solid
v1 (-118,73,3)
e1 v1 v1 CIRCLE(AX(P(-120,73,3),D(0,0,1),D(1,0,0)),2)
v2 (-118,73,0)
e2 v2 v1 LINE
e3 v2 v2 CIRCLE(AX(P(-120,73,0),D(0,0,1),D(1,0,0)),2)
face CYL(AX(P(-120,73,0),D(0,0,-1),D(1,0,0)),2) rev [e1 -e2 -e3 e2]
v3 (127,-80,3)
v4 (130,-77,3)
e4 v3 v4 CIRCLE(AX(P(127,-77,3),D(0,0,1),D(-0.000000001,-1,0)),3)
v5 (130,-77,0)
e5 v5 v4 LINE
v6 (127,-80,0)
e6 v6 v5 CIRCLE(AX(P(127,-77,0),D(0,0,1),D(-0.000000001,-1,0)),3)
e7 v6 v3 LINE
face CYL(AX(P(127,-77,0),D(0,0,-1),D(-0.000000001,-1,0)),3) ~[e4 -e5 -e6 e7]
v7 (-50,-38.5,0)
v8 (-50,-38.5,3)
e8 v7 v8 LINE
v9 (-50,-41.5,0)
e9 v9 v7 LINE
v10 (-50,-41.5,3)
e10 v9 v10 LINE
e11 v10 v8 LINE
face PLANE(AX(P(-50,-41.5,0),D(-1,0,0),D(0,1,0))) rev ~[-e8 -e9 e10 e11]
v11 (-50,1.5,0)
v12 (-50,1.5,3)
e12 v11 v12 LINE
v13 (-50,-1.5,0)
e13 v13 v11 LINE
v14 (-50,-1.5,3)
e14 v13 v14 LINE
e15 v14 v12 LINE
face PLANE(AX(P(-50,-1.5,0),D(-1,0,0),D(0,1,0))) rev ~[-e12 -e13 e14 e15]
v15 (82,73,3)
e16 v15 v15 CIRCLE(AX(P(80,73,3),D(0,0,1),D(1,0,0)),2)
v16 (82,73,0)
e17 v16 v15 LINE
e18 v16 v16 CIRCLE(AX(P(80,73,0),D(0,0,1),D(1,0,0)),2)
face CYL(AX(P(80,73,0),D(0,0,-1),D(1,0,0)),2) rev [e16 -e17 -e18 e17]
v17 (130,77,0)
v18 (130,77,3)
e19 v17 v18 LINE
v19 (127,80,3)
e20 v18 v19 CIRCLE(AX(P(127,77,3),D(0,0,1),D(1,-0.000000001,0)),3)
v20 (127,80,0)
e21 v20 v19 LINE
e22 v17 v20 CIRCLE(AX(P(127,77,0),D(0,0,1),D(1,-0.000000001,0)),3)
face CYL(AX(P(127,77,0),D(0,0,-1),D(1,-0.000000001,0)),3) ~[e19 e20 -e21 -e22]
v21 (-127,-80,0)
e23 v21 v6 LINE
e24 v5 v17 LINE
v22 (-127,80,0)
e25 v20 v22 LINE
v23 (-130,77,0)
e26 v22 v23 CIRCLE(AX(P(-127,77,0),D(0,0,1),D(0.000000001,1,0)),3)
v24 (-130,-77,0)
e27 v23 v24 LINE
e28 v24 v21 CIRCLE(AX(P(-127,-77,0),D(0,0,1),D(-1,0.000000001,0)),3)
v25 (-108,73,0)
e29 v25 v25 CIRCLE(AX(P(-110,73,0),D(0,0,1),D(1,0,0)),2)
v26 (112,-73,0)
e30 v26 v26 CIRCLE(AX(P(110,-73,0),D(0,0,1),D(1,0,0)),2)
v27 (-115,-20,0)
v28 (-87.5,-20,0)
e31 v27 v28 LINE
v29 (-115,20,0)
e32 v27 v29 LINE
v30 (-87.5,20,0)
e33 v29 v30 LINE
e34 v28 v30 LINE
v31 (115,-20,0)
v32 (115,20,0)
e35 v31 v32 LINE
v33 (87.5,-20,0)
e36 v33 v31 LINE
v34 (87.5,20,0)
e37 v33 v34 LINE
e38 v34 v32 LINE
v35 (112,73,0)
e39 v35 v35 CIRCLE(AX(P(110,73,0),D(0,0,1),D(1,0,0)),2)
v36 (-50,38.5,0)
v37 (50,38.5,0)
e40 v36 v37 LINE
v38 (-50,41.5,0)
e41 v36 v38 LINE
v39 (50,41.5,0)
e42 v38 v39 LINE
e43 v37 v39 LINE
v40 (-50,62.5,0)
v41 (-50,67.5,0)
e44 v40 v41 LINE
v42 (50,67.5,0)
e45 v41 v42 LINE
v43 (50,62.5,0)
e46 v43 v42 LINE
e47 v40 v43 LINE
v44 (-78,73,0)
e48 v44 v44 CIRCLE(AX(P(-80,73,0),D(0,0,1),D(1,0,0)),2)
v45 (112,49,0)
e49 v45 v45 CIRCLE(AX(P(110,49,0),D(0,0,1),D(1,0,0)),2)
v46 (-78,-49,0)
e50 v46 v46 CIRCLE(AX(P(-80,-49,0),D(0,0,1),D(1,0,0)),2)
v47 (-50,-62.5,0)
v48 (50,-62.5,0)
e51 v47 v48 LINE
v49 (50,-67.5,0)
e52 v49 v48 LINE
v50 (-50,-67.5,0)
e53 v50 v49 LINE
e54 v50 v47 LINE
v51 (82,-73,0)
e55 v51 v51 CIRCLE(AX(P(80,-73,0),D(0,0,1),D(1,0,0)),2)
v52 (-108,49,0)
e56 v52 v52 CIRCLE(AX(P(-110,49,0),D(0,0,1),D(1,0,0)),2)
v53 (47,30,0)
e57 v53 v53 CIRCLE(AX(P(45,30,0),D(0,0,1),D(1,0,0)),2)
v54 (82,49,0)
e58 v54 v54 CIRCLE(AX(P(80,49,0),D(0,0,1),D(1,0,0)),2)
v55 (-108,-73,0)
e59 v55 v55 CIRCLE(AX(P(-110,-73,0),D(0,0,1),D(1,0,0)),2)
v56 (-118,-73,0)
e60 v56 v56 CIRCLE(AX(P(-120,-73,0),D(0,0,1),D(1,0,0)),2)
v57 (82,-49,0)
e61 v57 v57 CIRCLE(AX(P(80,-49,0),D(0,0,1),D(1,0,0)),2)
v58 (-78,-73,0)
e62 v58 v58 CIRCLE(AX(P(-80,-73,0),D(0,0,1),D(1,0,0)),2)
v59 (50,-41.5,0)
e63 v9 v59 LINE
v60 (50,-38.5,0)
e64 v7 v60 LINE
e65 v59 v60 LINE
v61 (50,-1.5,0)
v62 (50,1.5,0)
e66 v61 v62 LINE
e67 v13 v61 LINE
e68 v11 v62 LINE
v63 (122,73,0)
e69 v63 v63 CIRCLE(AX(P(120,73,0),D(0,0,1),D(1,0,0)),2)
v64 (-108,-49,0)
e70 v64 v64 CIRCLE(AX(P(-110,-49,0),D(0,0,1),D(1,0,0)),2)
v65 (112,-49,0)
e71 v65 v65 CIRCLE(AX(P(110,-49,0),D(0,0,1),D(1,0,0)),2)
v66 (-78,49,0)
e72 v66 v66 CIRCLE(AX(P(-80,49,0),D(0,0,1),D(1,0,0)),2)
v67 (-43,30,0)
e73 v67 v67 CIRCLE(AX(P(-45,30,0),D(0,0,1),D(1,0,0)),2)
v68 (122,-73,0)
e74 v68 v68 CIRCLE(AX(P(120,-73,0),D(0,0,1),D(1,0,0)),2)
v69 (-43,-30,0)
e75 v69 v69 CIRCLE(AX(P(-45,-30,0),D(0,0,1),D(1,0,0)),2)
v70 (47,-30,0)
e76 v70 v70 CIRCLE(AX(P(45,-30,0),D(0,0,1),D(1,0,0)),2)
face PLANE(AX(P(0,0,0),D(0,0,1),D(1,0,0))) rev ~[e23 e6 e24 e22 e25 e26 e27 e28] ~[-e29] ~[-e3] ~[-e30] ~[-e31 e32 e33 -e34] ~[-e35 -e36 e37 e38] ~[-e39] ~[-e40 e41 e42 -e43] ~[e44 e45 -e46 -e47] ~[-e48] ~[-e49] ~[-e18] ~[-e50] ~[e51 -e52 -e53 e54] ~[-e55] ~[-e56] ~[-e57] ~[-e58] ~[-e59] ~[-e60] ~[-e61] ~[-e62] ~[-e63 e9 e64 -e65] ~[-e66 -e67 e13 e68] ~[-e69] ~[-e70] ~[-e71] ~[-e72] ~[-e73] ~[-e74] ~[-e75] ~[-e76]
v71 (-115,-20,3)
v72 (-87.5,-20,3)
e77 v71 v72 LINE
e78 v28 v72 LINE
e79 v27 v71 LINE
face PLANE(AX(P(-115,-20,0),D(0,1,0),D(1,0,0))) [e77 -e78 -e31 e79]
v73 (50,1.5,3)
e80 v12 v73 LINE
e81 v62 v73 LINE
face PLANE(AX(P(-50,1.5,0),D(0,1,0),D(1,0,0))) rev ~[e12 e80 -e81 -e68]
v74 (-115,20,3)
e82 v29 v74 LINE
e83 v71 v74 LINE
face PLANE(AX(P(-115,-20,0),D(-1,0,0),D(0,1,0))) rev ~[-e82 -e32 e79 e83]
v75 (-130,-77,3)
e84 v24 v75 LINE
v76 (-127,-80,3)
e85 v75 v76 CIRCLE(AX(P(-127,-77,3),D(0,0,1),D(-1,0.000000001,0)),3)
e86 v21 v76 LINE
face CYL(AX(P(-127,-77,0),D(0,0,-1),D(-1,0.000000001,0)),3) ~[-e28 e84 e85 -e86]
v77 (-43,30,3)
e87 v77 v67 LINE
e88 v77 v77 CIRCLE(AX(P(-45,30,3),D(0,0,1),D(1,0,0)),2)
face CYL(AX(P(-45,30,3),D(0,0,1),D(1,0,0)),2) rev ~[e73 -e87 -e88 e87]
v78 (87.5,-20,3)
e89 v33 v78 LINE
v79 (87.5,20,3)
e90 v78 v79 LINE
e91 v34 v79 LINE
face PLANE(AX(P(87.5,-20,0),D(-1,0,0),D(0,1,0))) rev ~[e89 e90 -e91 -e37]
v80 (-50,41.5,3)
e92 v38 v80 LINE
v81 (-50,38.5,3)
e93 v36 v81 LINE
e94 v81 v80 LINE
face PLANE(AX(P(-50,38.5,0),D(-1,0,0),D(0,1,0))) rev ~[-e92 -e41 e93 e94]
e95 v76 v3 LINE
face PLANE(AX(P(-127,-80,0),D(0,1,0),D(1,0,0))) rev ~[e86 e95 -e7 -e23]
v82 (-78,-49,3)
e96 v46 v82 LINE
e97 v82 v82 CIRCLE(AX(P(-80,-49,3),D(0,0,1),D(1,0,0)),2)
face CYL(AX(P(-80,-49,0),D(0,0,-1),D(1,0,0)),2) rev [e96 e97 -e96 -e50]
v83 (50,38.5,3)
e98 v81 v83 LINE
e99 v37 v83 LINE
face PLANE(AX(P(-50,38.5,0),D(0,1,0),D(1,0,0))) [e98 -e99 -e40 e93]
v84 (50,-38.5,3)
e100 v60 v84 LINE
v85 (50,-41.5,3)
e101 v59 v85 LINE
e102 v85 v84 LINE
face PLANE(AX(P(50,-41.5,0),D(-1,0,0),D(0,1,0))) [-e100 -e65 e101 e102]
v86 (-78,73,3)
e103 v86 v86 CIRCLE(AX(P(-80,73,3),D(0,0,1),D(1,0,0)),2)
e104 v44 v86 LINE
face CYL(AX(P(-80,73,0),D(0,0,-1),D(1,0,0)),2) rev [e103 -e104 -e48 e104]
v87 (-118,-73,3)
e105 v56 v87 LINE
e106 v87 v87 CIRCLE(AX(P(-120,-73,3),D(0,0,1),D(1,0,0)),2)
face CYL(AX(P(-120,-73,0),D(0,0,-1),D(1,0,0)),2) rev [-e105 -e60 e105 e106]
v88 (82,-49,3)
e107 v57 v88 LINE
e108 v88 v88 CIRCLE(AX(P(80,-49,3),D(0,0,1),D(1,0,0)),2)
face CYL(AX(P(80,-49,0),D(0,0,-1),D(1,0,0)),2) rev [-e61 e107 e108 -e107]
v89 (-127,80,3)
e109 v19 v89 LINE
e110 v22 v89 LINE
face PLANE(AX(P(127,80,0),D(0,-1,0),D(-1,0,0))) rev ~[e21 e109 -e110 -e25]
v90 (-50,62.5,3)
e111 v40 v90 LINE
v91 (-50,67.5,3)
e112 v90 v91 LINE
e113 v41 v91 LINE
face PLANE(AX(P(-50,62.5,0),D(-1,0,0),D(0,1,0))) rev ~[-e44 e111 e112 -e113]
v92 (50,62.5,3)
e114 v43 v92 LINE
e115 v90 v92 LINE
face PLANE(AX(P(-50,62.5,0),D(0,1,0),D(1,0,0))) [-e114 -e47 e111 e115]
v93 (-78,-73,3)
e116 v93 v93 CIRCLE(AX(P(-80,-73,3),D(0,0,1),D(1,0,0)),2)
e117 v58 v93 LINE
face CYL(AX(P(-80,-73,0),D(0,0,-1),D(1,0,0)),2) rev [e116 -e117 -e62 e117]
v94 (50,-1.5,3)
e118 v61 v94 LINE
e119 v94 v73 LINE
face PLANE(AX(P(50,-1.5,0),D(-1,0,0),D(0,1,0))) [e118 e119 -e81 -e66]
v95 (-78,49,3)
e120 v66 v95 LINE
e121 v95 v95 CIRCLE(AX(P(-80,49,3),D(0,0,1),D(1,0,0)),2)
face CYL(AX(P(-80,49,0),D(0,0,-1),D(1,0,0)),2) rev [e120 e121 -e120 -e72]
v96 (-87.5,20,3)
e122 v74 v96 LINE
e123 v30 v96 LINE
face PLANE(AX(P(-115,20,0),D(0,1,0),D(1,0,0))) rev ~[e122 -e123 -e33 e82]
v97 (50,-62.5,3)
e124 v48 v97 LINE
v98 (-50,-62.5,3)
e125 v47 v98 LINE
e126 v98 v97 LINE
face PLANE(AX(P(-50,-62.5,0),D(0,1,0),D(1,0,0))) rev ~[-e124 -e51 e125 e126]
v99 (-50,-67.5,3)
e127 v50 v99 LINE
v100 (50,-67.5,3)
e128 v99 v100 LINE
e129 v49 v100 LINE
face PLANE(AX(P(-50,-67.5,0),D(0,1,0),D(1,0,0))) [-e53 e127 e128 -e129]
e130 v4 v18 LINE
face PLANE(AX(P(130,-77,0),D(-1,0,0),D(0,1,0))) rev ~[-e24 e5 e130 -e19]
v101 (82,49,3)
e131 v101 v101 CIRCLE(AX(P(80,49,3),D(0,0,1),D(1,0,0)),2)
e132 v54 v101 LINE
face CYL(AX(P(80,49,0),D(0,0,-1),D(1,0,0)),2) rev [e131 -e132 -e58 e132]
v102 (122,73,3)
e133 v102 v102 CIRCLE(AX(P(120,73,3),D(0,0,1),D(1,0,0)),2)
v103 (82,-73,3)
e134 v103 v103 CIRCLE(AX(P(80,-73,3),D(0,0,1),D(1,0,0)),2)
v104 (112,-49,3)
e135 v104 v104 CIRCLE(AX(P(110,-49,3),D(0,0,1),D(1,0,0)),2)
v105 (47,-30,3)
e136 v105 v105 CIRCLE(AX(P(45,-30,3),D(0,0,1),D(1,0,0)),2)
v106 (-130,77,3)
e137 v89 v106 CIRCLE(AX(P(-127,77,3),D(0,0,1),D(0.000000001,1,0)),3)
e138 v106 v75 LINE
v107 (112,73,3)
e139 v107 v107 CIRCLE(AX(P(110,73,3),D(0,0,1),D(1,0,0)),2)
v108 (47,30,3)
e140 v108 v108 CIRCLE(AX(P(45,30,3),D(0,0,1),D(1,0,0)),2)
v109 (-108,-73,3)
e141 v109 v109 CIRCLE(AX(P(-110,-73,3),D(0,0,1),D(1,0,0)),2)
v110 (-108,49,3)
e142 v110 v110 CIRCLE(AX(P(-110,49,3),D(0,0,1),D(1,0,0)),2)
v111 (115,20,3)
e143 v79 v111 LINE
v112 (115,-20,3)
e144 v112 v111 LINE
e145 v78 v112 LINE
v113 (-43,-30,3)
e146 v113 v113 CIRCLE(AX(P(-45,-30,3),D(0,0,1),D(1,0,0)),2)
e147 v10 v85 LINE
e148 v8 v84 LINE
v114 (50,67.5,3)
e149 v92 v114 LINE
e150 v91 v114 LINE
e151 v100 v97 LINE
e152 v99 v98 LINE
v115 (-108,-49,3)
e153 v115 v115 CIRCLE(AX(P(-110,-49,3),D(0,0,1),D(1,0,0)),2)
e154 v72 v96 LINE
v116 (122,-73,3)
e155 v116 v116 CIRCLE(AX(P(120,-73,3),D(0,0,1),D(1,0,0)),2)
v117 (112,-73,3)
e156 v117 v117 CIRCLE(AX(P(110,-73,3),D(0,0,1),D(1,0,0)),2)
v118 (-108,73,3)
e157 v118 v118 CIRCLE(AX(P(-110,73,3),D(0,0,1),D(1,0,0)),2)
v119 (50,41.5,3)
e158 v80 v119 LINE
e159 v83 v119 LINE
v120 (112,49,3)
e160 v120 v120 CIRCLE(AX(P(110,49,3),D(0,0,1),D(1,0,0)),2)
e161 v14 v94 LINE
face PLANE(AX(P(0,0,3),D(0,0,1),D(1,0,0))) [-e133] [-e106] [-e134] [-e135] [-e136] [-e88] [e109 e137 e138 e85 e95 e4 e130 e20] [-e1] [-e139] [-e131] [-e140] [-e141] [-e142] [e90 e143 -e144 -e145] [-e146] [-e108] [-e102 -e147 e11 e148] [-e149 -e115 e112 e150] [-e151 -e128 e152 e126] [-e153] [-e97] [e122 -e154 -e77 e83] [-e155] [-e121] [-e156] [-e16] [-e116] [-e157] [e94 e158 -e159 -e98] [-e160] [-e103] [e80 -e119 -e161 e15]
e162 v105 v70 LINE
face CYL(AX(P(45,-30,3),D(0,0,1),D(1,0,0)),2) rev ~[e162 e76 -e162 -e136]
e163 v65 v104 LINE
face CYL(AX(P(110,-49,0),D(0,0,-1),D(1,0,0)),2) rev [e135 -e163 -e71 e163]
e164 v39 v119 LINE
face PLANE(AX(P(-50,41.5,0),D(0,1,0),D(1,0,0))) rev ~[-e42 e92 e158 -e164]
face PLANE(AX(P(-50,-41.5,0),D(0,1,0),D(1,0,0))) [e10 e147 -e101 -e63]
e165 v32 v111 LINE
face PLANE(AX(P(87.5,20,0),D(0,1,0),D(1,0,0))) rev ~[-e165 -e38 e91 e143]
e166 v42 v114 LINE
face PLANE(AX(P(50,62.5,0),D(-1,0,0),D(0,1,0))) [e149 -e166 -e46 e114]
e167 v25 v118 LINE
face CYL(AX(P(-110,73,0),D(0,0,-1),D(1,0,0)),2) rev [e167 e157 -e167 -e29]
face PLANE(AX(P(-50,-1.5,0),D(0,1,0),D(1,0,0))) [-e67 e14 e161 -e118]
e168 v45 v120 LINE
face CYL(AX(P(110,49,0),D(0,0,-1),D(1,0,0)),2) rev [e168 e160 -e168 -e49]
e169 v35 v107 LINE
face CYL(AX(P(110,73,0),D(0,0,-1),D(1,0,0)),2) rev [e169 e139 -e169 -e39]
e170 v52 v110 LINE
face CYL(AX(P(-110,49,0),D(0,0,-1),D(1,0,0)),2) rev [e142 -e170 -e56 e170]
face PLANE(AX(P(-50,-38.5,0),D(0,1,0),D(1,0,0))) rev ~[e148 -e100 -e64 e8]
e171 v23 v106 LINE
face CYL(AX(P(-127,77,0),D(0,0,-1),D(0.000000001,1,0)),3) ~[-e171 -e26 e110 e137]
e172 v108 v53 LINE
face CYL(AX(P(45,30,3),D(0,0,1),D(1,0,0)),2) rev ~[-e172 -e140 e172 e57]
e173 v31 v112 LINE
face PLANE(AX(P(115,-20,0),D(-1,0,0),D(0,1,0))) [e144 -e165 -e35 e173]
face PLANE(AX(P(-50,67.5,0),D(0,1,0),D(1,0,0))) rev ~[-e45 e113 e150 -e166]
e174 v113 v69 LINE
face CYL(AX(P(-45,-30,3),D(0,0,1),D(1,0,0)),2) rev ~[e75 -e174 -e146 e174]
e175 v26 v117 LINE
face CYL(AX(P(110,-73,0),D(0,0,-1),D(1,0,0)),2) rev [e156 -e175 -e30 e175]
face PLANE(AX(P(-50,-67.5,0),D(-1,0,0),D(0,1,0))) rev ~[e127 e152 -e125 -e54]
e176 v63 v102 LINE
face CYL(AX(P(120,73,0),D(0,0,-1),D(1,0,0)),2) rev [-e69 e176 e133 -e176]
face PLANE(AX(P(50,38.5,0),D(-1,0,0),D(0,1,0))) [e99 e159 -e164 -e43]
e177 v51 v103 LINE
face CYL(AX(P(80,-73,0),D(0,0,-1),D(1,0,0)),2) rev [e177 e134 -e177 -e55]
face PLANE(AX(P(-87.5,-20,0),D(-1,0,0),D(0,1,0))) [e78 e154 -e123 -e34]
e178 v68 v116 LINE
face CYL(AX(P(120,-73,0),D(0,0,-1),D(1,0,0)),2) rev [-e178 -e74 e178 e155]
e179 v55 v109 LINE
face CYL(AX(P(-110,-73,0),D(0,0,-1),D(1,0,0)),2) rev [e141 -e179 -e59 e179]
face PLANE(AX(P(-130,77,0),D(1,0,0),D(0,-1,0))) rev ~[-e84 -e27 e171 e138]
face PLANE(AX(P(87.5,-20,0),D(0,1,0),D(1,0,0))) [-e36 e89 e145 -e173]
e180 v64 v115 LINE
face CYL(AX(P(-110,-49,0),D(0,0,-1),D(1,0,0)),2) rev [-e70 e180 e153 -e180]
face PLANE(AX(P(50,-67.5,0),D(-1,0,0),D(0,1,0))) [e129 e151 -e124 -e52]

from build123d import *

# Parameters (mm, degrees)
MODEL_R             = 2
MODEL_W             = 27.5
MODEL_H             = 40
MODEL_W_2           = 100
MODEL_H_2           = 5
MODEL_H_3           = 3
EXTRUDE_1_DEPTH     = 3
SKETCH_2_R          = 2
CUT_EXTRUDE_1_DEPTH = 10


with BuildPart() as part:
    # Model → 凸台-拉伸1 (new body)
    with BuildSketch(Plane.XY):
        with BuildLine():
            Line((130, -77), (130, 77))
            ThreePointArc((130, 77), (129.121320344, 79.121320344), (127, 80))
            Line((127, 80), (-127, 80))
            ThreePointArc((-127, 80), (-129.121320344, 79.121320344), (-130, 77))
            Line((-130, 77), (-130, -77))
            ThreePointArc((-130, -77), (-129.121320344, -79.121320344), (-127, -80))
            Line((-127, -80), (127, -80))
            ThreePointArc((127, -80), (129.121320344, -79.121320344), (130, -77))
        make_face()
        with Locations((-110, 49)):
            Circle(MODEL_R, mode=Mode.SUBTRACT)
        with Locations((-80, 73)):
            Circle(MODEL_R, mode=Mode.SUBTRACT)
        with Locations((110, 73)):
            Circle(MODEL_R, mode=Mode.SUBTRACT)
        with Locations((-120, 73)):
            Circle(MODEL_R, mode=Mode.SUBTRACT)
        with Locations((80, 73)):
            Circle(MODEL_R, mode=Mode.SUBTRACT)
        with Locations((110, 49)):
            Circle(MODEL_R, mode=Mode.SUBTRACT)
        with Locations((80, -49)):
            Circle(MODEL_R, mode=Mode.SUBTRACT)
        with Locations((110, -73)):
            Circle(MODEL_R, mode=Mode.SUBTRACT)
        with Locations((-80, -73)):
            Circle(MODEL_R, mode=Mode.SUBTRACT)
        with Locations((-110, -49)):
            Circle(MODEL_R, mode=Mode.SUBTRACT)
        with Locations((-80, -49)):
            Circle(MODEL_R, mode=Mode.SUBTRACT)
        with Locations((-110, -73)):
            Circle(MODEL_R, mode=Mode.SUBTRACT)
        with Locations((80, -73)):
            Circle(MODEL_R, mode=Mode.SUBTRACT)
        with Locations((110, -49)):
            Circle(MODEL_R, mode=Mode.SUBTRACT)
        with Locations((80, 49)):
            Circle(MODEL_R, mode=Mode.SUBTRACT)
        with Locations((120, 73)):
            Circle(MODEL_R, mode=Mode.SUBTRACT)
        with Locations((120, -73)):
            Circle(MODEL_R, mode=Mode.SUBTRACT)
        with Locations((-110, 73)):
            Circle(MODEL_R, mode=Mode.SUBTRACT)
        with Locations((-80, 49)):
            Circle(MODEL_R, mode=Mode.SUBTRACT)
        with Locations((-120, -73)):
            Circle(MODEL_R, mode=Mode.SUBTRACT)
        with Locations((-101.25, 0)):
            Rectangle(MODEL_W, MODEL_H, mode=Mode.SUBTRACT)
        with Locations((101.25, 0)):
            Rectangle(MODEL_W, MODEL_H, mode=Mode.SUBTRACT)
        with Locations((0, -65)):
            Rectangle(MODEL_W_2, MODEL_H_2, mode=Mode.SUBTRACT)
        with Locations((0, 65)):
            Rectangle(MODEL_W_2, MODEL_H_2, mode=Mode.SUBTRACT)
        Rectangle(MODEL_W_2, MODEL_H_3, mode=Mode.SUBTRACT)
        with Locations((0, -40)):
            Rectangle(MODEL_W_2, MODEL_H_3, mode=Mode.SUBTRACT)
        with Locations((0, 40)):
            Rectangle(MODEL_W_2, MODEL_H_3, mode=Mode.SUBTRACT)
    extrude(amount=EXTRUDE_1_DEPTH)

    # 草图2 → 切除-拉伸1 (cut)
    with BuildSketch(Plane.XY.offset(3)):
        with Locations((-45, 30)):
            Circle(SKETCH_2_R)
        with Locations((45, 30)):
            Circle(SKETCH_2_R)
        with Locations((45, -30)):
            Circle(SKETCH_2_R)
        with Locations((-45, -30)):
            Circle(SKETCH_2_R)
    extrude(amount=-CUT_EXTRUDE_1_DEPTH, mode=Mode.SUBTRACT)


solid = part.part
